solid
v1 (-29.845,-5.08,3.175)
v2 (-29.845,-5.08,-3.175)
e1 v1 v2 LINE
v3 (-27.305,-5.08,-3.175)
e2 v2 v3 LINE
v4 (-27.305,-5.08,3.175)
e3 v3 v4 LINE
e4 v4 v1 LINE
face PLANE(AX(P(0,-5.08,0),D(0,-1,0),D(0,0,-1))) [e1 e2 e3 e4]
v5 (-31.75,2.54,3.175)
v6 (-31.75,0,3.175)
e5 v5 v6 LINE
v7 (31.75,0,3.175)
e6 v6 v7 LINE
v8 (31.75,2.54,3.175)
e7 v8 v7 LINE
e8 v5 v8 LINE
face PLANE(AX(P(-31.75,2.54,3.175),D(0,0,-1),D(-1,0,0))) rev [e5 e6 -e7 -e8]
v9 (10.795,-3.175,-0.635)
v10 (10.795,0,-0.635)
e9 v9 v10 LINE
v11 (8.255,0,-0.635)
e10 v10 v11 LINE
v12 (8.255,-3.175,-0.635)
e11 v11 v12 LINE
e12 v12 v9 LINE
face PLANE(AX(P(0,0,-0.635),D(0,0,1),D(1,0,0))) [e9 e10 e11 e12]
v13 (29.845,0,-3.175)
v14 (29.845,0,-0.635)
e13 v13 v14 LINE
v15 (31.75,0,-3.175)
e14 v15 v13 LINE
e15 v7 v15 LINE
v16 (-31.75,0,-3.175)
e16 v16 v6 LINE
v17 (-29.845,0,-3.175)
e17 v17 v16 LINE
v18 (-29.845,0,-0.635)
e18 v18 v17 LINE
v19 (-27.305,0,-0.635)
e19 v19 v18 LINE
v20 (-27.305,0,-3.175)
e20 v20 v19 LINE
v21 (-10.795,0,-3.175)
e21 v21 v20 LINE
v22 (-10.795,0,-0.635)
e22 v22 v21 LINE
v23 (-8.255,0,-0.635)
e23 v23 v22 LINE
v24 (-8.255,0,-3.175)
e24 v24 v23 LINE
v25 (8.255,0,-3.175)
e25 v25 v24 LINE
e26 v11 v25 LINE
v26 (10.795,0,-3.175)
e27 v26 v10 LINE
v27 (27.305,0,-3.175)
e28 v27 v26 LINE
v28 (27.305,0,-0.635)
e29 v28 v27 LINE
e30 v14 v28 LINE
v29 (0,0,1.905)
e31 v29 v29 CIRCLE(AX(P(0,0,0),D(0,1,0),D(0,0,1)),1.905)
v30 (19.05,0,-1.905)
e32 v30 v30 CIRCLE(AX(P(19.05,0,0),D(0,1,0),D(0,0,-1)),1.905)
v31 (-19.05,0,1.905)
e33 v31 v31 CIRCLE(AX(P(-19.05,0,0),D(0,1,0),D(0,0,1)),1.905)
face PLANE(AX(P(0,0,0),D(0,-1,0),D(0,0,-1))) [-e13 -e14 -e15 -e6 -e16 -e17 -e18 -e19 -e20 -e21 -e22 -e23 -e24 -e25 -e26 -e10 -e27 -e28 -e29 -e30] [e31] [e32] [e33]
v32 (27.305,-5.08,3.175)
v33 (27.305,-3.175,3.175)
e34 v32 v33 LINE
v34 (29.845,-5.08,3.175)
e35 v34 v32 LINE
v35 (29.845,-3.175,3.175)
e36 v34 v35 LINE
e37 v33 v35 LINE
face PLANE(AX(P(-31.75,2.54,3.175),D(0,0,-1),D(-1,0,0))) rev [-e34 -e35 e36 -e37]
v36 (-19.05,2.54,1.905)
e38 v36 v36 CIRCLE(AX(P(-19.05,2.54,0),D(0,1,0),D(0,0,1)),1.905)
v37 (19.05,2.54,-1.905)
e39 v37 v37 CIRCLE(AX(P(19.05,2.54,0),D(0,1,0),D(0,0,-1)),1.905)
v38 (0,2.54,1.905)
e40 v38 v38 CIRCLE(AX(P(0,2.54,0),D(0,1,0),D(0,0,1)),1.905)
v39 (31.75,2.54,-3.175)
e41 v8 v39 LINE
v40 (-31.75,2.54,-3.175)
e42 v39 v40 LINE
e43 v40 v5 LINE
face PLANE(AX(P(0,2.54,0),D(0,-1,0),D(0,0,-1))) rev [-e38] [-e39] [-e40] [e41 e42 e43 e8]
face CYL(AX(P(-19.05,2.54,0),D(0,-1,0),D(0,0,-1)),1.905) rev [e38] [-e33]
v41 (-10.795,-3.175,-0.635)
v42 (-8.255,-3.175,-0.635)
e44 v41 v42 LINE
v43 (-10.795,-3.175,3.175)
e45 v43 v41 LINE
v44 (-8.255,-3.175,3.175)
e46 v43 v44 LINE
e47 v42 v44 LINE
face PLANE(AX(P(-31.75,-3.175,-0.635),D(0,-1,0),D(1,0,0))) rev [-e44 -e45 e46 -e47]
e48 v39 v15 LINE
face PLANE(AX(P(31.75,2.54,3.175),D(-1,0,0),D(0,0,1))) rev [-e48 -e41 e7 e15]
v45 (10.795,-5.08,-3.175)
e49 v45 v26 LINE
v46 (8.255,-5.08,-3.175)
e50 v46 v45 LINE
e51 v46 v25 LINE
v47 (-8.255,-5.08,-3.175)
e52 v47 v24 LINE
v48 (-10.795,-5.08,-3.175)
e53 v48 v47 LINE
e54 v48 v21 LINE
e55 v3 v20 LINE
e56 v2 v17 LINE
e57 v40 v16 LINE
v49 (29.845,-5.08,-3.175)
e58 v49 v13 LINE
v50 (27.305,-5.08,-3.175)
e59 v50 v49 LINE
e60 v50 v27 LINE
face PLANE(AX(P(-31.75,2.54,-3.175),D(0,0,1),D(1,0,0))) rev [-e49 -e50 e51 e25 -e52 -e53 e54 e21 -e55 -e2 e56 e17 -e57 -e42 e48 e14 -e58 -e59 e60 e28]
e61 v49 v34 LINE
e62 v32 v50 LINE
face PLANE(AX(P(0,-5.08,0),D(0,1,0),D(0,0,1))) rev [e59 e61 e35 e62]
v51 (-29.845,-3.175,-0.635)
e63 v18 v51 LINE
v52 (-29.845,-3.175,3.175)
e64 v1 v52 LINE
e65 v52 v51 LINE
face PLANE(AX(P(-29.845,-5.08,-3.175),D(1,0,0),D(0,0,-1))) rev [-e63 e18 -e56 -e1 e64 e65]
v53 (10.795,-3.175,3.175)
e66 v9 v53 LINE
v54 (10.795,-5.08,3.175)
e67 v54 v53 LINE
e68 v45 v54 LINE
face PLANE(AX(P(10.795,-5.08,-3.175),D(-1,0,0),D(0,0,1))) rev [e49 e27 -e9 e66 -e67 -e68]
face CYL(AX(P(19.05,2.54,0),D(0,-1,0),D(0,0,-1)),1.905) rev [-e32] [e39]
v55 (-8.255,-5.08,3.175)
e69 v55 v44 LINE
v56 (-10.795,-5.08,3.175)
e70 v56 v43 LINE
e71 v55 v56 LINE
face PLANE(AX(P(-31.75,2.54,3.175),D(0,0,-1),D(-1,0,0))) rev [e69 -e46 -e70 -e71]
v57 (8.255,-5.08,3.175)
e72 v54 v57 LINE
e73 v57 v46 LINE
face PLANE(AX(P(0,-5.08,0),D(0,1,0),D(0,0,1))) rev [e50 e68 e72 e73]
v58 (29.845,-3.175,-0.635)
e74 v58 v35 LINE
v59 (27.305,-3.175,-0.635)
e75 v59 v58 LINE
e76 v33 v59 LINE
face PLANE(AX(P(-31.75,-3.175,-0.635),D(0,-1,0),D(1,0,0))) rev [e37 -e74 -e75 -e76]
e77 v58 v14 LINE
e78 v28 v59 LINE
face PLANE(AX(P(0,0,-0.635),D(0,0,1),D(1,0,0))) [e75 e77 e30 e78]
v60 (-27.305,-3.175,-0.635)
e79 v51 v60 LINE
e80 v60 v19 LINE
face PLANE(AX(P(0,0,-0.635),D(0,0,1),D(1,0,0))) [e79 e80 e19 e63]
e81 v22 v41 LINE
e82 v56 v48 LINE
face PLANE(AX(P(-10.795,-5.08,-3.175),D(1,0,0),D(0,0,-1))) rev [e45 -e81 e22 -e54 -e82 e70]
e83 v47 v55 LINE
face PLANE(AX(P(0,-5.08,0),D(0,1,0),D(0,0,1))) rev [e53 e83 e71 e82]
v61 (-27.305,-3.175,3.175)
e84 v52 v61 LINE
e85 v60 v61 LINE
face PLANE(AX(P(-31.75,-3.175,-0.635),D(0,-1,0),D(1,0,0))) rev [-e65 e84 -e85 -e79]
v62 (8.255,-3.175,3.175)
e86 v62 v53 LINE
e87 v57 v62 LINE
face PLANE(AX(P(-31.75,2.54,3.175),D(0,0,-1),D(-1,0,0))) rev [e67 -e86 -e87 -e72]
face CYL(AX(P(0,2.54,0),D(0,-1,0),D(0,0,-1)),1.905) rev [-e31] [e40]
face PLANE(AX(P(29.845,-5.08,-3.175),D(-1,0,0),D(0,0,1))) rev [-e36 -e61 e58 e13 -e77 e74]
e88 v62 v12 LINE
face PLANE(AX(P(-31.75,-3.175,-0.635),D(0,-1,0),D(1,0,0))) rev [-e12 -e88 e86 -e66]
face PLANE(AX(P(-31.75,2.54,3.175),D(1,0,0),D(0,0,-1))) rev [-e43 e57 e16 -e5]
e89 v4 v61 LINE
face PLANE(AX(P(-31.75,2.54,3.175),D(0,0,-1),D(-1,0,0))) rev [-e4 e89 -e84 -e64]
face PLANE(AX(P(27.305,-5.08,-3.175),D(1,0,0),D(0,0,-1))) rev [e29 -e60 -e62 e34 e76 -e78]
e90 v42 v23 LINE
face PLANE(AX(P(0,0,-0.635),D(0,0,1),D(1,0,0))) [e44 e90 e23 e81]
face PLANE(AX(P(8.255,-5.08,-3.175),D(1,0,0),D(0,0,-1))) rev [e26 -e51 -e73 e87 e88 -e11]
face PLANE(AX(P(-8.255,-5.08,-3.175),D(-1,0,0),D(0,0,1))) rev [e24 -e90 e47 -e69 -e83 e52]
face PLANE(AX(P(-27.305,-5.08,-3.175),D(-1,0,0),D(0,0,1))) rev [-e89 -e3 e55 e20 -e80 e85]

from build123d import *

# Parameters (mm, degrees)
SKETCH1_W           = 63.5
SKETCH1_H           = 6.35
SKETCH1_R           = 1.905
BOSS_EXTRUDE1_DEPTH = 2.54
SKETCH2_W           = 2.54
SKETCH2_H           = 6.35
BOSS_EXTRUDE2_DEPTH = 5.08
SKETCH3_W           = 63.5
SKETCH3_H           = 3.175
CUT_EXTRUDE1_DEPTH  = 3.81


with BuildPart() as part:
    # Sketch1 → Boss-Extrude1 (new body)
    with BuildSketch(Plane(origin=(0, 0, 0), x_dir=(1, 0, 0), z_dir=(0, 1, 0))):
        Rectangle(SKETCH1_W, SKETCH1_H)
        Circle(SKETCH1_R, mode=Mode.SUBTRACT)
        with Locations((-19.05, 0)):
            Circle(SKETCH1_R, mode=Mode.SUBTRACT)
        with Locations((19.05, 0)):
            Circle(SKETCH1_R, mode=Mode.SUBTRACT)
    extrude(amount=BOSS_EXTRUDE1_DEPTH)

    # Sketch2 → Boss-Extrude2 (add)
    with BuildSketch(Plane.XZ):
        with Locations((-9.525, 0)):
            Rectangle(SKETCH2_W, SKETCH2_H)
        with Locations((-28.575, 0)):
            Rectangle(SKETCH2_W, SKETCH2_H)
        with Locations((9.525, 0)):
            Rectangle(SKETCH2_W, SKETCH2_H)
        with Locations((28.575, 0)):
            Rectangle(SKETCH2_W, SKETCH2_H)
    extrude(amount=BOSS_EXTRUDE2_DEPTH)

    # Sketch3 → Cut-Extrude1 (cut)
    with BuildSketch(Plane.XY.offset(3.175)):
        with Locations((0, -1.5875)):
            Rectangle(SKETCH3_W, SKETCH3_H)
    extrude(amount=-CUT_EXTRUDE1_DEPTH, mode=Mode.SUBTRACT)


solid = part.part
